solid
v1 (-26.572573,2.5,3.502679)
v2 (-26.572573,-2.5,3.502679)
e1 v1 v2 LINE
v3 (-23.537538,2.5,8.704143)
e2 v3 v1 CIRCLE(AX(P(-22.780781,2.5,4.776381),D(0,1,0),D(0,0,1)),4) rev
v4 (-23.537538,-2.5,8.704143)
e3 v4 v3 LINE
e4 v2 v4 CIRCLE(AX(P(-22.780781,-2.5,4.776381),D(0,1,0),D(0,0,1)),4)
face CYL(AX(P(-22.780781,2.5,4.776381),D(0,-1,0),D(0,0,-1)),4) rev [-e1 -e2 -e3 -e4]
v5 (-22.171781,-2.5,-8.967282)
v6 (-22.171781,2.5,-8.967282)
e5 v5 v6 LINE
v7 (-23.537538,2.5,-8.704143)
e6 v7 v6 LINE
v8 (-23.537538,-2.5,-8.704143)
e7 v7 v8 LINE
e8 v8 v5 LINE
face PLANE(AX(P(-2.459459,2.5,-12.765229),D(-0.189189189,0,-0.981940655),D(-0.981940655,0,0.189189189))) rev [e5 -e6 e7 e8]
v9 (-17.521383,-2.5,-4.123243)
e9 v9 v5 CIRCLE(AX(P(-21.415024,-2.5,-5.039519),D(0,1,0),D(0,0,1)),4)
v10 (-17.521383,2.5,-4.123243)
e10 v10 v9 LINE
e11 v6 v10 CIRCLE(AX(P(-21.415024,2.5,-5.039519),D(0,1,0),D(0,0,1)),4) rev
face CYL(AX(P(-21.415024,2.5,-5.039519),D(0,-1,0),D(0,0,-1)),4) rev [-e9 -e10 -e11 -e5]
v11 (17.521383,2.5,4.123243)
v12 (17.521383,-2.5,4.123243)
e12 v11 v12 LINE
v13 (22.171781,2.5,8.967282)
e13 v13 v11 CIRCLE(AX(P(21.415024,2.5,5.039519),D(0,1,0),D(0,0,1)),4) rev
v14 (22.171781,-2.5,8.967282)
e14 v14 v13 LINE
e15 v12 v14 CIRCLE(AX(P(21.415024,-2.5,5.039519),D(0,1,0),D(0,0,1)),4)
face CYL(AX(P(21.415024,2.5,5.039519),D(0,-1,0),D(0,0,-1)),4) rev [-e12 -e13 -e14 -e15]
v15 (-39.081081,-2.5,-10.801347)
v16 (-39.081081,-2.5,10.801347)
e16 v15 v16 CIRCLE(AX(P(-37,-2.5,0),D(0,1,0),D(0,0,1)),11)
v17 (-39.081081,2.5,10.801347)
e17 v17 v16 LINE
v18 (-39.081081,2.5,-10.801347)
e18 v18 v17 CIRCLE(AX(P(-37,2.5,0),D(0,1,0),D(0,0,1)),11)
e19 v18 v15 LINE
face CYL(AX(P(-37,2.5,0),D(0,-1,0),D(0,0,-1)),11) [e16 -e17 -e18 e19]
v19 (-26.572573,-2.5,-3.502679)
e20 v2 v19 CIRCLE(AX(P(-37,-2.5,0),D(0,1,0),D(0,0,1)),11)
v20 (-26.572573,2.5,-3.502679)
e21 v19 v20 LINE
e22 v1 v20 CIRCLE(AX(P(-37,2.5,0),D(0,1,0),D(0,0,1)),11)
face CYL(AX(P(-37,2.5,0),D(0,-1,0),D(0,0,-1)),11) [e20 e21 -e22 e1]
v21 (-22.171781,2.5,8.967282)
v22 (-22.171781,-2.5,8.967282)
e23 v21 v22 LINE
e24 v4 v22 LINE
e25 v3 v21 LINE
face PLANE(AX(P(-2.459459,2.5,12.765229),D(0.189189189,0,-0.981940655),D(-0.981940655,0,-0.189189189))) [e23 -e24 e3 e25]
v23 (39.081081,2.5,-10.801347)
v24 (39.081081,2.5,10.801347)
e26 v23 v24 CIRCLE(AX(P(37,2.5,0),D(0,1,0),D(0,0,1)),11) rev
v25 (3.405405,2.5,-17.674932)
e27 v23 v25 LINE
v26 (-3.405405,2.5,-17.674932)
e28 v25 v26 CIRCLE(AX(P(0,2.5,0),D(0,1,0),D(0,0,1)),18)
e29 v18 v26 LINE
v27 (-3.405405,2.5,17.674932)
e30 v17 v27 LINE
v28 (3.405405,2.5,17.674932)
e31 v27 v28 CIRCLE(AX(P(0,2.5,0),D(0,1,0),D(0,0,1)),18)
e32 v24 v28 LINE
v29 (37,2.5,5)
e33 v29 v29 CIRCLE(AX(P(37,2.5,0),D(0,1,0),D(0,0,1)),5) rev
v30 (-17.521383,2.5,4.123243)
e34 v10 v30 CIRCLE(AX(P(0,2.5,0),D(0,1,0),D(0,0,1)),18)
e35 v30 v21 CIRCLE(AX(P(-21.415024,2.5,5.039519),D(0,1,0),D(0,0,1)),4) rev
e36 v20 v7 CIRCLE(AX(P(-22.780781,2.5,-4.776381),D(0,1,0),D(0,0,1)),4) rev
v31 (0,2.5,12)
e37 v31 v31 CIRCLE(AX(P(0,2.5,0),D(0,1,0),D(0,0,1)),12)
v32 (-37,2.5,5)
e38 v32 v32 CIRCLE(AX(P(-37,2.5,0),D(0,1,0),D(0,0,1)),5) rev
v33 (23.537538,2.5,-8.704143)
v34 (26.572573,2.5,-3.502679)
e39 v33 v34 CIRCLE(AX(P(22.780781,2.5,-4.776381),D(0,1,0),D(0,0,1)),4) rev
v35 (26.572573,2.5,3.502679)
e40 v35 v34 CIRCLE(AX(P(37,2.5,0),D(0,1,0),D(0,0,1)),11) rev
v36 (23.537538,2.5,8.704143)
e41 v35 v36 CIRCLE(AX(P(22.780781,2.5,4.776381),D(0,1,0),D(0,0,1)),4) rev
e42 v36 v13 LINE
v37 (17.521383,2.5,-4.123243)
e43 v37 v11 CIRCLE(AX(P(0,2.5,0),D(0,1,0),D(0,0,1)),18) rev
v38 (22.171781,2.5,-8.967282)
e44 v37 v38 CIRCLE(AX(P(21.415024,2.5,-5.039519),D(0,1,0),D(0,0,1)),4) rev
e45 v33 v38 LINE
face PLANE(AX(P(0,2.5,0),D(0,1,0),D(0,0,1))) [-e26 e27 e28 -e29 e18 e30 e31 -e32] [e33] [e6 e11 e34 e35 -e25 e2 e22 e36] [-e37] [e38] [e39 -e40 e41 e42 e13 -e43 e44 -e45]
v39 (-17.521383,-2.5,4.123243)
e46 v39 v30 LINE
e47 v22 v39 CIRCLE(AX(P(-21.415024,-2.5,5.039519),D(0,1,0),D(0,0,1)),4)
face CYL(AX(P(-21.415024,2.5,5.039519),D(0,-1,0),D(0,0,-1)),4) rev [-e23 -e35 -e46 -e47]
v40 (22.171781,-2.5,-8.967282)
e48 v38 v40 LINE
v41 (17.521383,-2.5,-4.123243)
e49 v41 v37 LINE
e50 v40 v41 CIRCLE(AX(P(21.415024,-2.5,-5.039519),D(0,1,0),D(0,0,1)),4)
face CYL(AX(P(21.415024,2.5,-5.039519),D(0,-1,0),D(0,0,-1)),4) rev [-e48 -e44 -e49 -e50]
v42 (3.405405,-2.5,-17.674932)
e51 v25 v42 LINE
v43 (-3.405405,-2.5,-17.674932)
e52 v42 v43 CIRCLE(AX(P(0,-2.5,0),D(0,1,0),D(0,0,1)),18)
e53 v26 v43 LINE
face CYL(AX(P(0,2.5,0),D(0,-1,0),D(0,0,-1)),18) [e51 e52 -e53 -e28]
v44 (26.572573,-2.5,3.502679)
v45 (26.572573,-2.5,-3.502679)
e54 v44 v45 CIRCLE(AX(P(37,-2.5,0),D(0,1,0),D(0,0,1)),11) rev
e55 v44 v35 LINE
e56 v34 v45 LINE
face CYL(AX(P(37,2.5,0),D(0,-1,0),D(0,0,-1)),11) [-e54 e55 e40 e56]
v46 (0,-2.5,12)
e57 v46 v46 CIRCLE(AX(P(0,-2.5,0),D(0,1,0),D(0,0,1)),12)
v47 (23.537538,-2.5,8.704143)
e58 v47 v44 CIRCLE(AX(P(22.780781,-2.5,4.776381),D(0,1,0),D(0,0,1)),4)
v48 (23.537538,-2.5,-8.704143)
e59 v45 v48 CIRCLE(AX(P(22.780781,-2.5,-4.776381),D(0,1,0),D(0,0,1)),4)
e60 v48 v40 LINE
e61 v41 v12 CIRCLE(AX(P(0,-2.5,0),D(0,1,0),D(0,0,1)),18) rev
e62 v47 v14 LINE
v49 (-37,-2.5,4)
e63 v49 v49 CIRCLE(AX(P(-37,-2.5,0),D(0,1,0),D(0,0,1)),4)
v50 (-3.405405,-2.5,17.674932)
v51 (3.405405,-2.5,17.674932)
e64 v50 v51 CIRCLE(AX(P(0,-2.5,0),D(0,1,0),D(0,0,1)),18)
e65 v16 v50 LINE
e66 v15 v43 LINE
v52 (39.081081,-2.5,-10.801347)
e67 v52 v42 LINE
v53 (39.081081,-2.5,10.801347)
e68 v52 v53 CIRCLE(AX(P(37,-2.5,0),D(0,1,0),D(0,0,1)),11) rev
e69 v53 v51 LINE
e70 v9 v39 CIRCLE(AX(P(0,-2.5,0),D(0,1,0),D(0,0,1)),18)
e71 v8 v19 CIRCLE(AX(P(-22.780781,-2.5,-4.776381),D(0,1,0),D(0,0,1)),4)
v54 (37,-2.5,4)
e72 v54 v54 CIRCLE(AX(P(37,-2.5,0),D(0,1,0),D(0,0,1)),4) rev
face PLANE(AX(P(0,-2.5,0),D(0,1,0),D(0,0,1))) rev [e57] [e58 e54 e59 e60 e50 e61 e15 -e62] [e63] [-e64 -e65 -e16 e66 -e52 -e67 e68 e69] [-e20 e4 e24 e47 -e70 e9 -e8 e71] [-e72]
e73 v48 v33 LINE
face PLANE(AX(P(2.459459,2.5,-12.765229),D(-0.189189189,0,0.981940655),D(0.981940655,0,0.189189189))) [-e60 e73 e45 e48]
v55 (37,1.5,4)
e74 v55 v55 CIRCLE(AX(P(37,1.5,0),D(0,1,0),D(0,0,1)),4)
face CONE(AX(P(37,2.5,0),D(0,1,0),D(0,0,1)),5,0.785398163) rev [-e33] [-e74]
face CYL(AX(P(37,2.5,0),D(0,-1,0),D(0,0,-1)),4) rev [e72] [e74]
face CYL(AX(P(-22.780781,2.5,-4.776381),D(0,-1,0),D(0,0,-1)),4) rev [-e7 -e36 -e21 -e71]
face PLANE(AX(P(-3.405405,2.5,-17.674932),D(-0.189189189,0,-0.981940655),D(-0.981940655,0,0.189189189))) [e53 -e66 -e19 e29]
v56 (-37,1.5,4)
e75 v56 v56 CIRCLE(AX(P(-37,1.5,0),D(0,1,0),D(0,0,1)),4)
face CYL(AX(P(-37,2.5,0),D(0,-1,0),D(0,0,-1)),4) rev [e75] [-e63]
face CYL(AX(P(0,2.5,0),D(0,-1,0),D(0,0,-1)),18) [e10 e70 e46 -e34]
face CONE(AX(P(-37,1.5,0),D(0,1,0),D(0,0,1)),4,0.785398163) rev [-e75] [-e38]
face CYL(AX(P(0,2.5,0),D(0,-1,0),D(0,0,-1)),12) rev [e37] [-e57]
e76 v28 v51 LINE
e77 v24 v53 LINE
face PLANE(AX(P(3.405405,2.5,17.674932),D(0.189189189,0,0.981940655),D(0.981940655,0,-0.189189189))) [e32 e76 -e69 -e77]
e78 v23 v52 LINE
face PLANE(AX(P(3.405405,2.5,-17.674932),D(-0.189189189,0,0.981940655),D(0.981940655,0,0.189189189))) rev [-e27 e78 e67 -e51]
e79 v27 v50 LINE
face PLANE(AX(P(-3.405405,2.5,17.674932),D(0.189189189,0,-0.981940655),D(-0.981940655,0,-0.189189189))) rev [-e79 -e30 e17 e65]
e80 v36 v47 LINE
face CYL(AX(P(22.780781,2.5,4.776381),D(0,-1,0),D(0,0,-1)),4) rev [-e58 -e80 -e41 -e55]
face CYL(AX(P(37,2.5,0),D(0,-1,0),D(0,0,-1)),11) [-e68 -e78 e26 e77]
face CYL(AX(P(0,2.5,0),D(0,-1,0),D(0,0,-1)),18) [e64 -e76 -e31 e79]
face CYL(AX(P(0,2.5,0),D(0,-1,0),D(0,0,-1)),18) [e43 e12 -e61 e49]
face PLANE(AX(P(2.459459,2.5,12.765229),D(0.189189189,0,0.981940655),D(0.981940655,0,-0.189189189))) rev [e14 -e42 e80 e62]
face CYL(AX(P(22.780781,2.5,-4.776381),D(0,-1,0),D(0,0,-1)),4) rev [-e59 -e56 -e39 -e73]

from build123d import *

# Parameters (mm, degrees)
SKETCH1_R           = 4
SKETCH1_R_2         = 12
BOSS_EXTRUDE1_DEPTH = 2.5
FILLET1_R           = 4
CHAMFER1_SIZE       = 1


with BuildPart() as part:
    # Sketch1 → Boss-Extrude1 (new body, symmetric)
    with BuildSketch(Plane(origin=(0, 0, 0), x_dir=(1, 0, 0), z_dir=(0, 1, 0))):
        with BuildLine():
            Line((39.081081081, 10.801347209), (3.405405405, 17.674931797))
            ThreePointArc((3.405405405, 17.674931797), (0, 18), (-3.405405405, 17.674931797))
            Line((-3.405405405, 17.674931797), (-39.081081081, 10.801347209))
            ThreePointArc((-39.081081081, 10.801347209), (-48, 0), (-39.081081081, -10.801347209))
            Line((-39.081081081, -10.801347209), (-3.405405405, -17.674931797))
            ThreePointArc((-3.405405405, -17.674931797), (0, -18), (3.405405405, -17.674931797))
            Line((3.405405405, -17.674931797), (39.081081081, -10.801347209))
            ThreePointArc((39.081081081, -10.801347209), (48, 0), (39.081081081, 10.801347209))
        make_face()
        with Locations((37, 0)):
            Circle(SKETCH1_R, mode=Mode.SUBTRACT)
        with Locations((-37, 0)):
            Circle(SKETCH1_R, mode=Mode.SUBTRACT)
        Circle(SKETCH1_R_2, mode=Mode.SUBTRACT)
        with BuildLine():
            Line((-29.082089608, -7.635882073), (-14.68452203, -10.40984211))
            ThreePointArc((-14.68452203, -10.40984211), (-18, 0), (-14.68452203, 10.40984211))
            Line((-14.68452203, 10.40984211), (-29.082089608, 7.635882073))
            ThreePointArc((-29.082089608, 7.635882073), (-26, 0), (-29.082089608, -7.635882073))
        make_face(mode=Mode.SUBTRACT)
        with BuildLine():
            ThreePointArc((14.68452203, 10.40984211), (18, 0), (14.68452203, -10.40984211))
            Line((14.68452203, -10.40984211), (29.082089608, -7.635882073))
            ThreePointArc((29.082089608, -7.635882073), (26, 0), (29.082089608, 7.635882073))
            Line((29.082089608, 7.635882073), (14.68452203, 10.40984211))
        make_face(mode=Mode.SUBTRACT)
    extrude(amount=BOSS_EXTRUDE1_DEPTH, both=True)

    # Fillet1
    fillet1_edges = [part.edges().sort_by_distance(p)[0] for p in [
        (14.68452203, 0, 10.40984211),
        (29.082089608, 0, 7.635882073),
        (29.082089608, 0, -7.635882073),
        (14.68452203, 0, -10.40984211),
        (-14.68452203, 0, 10.40984211),
        (-14.68452203, 0, -10.40984211),
        (-29.082089608, 0, -7.635882073),
        (-29.082089608, 0, 7.635882073),
    ]]
    fillet(fillet1_edges, radius=FILLET1_R)

    # Chamfer1
    chamfer1_edges = [part.edges().sort_by_distance(p)[0] for p in [
        (33, 2.5, 0),
        (-41, 2.5, 0),
    ]]
    chamfer(chamfer1_edges, length=CHAMFER1_SIZE)


solid = part.part
